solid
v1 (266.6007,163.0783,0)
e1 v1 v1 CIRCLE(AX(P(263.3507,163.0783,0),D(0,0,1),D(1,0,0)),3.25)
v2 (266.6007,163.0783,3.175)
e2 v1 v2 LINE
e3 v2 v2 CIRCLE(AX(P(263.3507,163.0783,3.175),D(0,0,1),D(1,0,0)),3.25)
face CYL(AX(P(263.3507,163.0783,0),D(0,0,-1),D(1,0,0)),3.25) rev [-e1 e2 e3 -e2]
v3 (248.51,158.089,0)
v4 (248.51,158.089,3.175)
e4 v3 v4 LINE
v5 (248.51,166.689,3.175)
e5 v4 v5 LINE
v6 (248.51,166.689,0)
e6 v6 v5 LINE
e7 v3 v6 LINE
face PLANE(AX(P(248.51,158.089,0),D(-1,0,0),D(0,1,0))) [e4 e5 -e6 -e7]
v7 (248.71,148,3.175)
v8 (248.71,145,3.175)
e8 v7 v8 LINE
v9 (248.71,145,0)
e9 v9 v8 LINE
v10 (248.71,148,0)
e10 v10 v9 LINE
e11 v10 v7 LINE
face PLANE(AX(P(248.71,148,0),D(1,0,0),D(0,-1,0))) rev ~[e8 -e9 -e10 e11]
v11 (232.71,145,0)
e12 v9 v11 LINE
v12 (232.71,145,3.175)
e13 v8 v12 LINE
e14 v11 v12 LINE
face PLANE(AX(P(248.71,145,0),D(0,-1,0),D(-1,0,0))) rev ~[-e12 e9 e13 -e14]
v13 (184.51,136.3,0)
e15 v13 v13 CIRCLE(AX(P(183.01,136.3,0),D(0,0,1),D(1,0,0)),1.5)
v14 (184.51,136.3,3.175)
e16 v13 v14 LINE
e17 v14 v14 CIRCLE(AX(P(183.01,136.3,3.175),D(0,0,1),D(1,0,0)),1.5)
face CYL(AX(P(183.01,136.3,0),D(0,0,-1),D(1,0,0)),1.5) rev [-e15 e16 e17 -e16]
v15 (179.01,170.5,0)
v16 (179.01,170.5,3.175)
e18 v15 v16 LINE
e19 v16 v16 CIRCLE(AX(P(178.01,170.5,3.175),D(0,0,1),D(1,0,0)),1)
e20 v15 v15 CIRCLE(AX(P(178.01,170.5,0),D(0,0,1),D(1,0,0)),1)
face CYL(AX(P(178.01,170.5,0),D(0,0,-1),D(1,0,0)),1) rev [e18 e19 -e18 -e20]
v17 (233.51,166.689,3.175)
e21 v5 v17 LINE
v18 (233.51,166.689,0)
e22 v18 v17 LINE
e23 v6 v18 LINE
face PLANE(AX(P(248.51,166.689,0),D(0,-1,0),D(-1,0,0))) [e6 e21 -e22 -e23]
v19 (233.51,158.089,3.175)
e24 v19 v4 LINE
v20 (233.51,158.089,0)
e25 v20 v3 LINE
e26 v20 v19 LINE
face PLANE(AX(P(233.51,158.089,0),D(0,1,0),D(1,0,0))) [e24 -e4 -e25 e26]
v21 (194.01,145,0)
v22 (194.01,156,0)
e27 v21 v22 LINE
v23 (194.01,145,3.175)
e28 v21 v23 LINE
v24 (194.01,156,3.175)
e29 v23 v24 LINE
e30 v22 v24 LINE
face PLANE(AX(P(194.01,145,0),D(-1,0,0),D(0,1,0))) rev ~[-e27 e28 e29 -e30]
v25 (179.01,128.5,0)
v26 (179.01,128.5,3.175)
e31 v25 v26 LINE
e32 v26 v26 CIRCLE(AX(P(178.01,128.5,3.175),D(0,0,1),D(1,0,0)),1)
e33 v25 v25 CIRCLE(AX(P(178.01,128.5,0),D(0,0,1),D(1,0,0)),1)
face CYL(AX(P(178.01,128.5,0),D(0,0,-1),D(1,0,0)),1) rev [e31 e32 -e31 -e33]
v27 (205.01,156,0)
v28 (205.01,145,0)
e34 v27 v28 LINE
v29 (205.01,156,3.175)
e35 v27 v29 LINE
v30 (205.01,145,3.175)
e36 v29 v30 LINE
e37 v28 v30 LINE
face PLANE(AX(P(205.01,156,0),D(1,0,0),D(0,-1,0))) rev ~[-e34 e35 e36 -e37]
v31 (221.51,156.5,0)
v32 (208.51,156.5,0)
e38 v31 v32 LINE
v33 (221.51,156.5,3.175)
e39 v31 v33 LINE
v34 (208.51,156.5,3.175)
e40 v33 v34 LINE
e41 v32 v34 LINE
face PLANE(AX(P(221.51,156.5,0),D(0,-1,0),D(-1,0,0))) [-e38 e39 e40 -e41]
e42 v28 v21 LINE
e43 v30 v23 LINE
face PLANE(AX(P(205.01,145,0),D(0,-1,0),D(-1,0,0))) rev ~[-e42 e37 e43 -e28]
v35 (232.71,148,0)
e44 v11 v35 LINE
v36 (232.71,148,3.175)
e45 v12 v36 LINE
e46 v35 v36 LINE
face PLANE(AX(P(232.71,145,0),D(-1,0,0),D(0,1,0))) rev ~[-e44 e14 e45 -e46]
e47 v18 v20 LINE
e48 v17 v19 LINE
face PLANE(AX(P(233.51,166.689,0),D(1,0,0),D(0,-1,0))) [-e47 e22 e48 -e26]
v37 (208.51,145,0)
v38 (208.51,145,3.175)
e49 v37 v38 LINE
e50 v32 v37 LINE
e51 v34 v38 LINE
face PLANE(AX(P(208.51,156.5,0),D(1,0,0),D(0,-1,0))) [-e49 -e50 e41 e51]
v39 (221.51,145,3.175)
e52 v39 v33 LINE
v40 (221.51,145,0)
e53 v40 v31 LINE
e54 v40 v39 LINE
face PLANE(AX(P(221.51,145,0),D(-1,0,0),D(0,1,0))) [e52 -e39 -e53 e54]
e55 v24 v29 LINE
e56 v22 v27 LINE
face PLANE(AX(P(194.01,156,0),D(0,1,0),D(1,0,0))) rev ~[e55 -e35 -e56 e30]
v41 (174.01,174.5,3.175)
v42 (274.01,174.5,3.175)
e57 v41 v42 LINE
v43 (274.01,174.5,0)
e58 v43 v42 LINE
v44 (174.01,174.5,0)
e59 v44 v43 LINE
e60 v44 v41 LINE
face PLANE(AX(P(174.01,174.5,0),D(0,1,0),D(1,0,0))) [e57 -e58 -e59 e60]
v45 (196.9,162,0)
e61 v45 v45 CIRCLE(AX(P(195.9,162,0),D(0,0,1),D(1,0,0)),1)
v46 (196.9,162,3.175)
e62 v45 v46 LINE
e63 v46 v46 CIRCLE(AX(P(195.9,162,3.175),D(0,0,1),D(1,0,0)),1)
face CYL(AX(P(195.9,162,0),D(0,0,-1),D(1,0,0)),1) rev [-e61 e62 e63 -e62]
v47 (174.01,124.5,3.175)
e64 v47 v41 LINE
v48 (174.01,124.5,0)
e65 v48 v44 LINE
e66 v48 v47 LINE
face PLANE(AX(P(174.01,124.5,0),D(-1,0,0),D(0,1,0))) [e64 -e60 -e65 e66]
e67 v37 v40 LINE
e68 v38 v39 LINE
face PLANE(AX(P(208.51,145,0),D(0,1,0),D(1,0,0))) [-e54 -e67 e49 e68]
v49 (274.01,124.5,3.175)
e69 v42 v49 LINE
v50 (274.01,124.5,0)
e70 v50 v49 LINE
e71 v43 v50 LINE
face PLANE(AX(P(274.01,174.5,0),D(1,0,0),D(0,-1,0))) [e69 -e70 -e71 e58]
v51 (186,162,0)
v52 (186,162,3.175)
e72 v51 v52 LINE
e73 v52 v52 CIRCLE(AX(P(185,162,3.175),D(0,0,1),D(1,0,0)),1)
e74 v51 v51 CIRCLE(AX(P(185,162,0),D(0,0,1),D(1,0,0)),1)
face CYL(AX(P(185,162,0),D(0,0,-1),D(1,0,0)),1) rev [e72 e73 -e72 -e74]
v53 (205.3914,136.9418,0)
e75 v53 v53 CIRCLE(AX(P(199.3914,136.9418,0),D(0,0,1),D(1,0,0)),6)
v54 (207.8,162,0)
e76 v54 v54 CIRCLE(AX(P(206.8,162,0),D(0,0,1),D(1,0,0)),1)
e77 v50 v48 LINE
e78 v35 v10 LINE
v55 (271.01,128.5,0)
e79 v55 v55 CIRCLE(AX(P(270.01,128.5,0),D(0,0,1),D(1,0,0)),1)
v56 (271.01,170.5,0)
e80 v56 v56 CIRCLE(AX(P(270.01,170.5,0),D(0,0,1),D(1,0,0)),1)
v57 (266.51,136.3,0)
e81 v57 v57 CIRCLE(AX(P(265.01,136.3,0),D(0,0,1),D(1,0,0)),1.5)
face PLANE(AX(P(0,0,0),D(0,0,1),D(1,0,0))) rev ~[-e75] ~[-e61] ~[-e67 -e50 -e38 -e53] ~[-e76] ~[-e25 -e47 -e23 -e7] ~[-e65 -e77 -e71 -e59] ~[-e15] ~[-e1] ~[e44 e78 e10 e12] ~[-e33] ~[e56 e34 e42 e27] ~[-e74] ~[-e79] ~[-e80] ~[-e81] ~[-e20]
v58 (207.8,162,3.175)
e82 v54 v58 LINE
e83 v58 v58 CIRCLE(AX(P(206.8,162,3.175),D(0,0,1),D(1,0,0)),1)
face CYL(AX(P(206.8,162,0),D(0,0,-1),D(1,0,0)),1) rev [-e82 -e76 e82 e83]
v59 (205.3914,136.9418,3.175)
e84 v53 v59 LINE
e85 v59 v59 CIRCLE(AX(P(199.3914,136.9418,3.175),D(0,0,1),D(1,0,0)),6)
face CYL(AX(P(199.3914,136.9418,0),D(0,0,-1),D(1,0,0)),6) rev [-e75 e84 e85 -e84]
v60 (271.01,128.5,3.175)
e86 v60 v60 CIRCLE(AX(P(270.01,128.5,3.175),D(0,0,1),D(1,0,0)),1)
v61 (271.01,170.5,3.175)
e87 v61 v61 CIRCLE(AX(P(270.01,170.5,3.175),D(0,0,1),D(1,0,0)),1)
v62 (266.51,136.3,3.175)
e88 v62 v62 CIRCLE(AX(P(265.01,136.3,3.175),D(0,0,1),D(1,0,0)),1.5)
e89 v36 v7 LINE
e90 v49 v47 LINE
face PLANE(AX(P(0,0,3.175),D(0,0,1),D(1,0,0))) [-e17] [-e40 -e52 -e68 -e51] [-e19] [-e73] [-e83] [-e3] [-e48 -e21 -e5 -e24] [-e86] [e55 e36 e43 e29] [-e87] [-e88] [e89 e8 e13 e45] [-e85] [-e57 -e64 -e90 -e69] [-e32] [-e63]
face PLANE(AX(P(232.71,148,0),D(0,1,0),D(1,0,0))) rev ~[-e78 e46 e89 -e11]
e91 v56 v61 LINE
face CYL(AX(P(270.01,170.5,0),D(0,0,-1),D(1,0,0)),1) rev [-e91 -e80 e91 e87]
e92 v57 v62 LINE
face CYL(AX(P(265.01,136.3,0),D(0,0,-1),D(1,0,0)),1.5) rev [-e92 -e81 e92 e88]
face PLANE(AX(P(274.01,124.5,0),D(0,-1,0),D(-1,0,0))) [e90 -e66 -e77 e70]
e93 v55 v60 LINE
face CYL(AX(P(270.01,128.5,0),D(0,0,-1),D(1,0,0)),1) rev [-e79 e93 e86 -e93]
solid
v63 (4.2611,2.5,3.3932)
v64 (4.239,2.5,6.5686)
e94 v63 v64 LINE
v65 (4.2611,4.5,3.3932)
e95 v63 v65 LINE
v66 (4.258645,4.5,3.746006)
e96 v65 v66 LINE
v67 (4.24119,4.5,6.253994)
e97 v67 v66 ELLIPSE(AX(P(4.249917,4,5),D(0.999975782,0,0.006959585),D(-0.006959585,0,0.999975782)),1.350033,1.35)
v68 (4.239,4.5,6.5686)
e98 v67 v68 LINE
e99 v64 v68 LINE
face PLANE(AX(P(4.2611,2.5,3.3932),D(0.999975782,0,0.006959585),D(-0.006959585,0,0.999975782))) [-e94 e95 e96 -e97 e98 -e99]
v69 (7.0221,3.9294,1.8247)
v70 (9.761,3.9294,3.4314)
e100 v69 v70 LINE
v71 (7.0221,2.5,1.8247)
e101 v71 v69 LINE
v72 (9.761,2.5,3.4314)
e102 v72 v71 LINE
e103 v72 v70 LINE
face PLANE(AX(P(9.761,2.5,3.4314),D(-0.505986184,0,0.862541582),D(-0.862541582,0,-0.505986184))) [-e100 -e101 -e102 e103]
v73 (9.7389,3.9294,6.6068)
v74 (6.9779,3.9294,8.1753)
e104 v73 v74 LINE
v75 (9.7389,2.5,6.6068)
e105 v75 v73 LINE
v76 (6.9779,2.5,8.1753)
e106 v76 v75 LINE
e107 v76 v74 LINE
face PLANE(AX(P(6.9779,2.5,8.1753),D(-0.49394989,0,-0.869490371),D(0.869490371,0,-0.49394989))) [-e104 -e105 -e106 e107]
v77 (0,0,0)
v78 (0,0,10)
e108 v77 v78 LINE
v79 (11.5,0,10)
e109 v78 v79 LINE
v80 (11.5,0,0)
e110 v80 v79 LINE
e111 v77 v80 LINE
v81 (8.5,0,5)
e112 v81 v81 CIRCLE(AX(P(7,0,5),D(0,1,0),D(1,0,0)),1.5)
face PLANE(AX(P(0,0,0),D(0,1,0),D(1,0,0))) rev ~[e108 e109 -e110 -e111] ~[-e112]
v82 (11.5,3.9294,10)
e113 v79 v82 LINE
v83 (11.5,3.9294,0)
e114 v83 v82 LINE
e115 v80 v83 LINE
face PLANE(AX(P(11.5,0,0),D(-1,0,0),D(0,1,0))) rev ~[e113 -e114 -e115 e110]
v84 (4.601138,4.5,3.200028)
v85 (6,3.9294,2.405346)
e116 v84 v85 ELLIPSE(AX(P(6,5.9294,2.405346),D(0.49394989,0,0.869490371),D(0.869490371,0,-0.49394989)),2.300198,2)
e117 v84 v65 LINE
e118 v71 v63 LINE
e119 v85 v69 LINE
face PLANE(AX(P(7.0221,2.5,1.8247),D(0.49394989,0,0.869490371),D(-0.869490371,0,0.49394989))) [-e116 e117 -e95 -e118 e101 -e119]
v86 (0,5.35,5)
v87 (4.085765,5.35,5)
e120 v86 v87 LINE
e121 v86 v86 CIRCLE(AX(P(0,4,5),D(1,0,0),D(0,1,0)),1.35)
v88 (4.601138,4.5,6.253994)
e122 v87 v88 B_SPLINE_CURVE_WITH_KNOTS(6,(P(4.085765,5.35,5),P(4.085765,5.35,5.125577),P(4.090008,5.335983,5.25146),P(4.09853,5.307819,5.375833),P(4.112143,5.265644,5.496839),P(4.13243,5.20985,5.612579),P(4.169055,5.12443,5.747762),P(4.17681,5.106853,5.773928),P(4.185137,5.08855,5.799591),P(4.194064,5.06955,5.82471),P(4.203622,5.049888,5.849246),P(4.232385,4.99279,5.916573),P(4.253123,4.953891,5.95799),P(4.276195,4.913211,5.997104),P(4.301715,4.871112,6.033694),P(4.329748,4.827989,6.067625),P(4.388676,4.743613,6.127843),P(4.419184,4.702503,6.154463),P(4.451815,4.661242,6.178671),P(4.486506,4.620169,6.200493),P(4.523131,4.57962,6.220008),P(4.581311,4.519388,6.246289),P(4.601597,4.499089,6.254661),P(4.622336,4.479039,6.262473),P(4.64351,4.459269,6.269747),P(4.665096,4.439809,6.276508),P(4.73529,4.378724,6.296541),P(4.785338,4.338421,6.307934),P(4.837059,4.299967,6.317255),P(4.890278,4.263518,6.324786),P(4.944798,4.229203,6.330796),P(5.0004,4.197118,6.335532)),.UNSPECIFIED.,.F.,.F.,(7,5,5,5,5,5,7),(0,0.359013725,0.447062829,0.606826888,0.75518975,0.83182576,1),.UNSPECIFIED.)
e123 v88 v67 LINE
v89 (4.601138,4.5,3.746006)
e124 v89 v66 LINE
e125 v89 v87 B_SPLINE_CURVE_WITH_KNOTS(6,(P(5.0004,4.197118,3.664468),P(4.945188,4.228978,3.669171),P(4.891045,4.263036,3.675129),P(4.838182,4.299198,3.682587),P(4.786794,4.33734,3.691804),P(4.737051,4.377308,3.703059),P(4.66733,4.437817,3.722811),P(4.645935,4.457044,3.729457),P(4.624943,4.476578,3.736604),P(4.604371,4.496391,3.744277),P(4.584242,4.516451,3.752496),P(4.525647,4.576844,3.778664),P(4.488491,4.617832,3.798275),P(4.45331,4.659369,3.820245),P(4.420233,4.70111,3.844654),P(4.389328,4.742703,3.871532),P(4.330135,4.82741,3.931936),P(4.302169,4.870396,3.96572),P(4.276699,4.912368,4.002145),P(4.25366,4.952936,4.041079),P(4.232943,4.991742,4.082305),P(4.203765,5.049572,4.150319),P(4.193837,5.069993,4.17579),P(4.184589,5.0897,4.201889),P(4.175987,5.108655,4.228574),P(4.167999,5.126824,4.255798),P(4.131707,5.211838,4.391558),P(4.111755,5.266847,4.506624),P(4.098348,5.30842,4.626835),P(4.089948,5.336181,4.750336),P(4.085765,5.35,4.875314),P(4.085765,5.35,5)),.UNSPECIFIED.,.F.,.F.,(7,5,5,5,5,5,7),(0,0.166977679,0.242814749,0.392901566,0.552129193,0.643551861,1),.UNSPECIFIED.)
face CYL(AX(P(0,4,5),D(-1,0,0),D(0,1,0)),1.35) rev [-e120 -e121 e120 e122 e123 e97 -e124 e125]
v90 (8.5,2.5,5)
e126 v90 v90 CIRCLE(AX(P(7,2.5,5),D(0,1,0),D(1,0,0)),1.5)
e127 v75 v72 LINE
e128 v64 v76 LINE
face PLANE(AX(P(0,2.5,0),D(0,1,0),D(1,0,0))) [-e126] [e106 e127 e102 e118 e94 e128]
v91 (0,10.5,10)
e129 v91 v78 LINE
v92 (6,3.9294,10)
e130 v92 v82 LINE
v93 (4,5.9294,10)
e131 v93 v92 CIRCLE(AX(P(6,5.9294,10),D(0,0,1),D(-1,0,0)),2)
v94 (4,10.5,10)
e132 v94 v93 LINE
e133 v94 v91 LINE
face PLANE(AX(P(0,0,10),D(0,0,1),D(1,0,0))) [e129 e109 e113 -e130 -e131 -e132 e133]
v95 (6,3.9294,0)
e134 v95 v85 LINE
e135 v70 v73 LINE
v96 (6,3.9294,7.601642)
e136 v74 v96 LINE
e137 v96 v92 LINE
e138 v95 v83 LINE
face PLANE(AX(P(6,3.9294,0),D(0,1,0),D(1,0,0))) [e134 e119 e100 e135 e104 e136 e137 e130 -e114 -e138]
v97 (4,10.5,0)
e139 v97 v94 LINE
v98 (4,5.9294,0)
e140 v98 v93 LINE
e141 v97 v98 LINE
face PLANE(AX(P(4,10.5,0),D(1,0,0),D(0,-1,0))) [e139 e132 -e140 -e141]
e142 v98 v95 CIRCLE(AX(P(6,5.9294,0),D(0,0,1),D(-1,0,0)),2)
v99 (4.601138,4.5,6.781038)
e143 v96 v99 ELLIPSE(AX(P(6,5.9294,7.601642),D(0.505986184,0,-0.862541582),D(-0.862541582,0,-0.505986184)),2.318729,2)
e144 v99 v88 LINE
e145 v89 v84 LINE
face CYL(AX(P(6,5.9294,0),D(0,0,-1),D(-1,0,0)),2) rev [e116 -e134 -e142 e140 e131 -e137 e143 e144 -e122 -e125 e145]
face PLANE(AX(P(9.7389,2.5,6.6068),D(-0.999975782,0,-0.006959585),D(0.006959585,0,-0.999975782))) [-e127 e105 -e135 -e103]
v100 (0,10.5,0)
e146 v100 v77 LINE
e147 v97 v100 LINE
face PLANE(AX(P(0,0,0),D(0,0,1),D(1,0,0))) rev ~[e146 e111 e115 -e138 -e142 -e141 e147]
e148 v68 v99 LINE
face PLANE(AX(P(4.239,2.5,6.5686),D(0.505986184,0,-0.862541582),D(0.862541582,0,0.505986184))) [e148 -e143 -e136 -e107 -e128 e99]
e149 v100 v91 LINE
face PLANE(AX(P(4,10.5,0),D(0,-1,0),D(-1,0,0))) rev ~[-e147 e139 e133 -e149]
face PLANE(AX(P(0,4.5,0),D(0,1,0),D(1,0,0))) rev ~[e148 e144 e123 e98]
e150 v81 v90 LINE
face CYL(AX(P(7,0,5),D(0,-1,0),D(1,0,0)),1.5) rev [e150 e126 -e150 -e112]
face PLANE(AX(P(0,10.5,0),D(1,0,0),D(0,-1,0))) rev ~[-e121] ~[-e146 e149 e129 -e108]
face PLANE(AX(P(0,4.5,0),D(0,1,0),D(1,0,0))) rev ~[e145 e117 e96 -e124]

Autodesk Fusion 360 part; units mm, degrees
sketch "back content" plane through (0, 0, 0) normal (0, 0, 1) x (1, 0, 0)
  line L0 (174.01, 174.5) -> (274.01, 174.5)
  line L1 (274.01, 174.5) -> (274.01, 124.5)
  line L2 (274.01, 124.5) -> (174.01, 124.5)
  line L3 (174.01, 124.5) -> (174.01, 174.5)
  line L4 (205.01, 145) -> (194.01, 145)
  line L5 (194.01, 145) -> (194.01, 156)
  line L6 (194.01, 156) -> (205.01, 156)
  line L7 (205.01, 156) -> (205.01, 145)
  line L8 (205.01, 145) -> (194.01, 156) construction
  line L9 (194.01, 145) -> (205.01, 156) construction
  line L10 (182.01, 145) -> (246, 145) construction
  line L11 (221.51, 156.5) -> (208.51, 156.5)
  line L12 (208.51, 156.5) -> (208.51, 145)
  line L13 (208.51, 145) -> (221.51, 145)
  line L14 (221.51, 145) -> (221.51, 156.5)
  line L15 (221.51, 156.5) -> (208.51, 145) construction
  line L16 (208.51, 156.5) -> (221.51, 145) construction
  line L17 (248.71, 145) -> (232.71, 145)
  line L18 (232.71, 145) -> (232.71, 148)
  line L19 (232.71, 148) -> (248.71, 148)
  line L20 (248.71, 148) -> (248.71, 145)
  line L21 (248.71, 145) -> (232.71, 148) construction
  line L22 (232.71, 145) -> (248.71, 148) construction
  line L23 (233.51, 158.089) -> (248.51, 158.089)
  line L24 (248.51, 158.089) -> (248.51, 166.689)
  line L25 (248.51, 166.689) -> (233.51, 166.689)
  line L26 (233.51, 166.689) -> (233.51, 158.089)
  circle A0 centre (178.01, 128.5) radius 1
  line L27 (224.01, 174.5) -> (224.01, 124) construction
  line L28 (174.01, 149.5) -> (274.01, 149.5) construction
  circle A1 centre (270.01, 128.5) radius 1
  circle A2 centre (270.01, 170.5) radius 1
  circle A3 centre (178.01, 170.5) radius 1
  circle A4 centre (265.01, 136.3) radius 1.5
  circle A5 centre (183.01, 136.3) radius 1.5
  circle A6 centre (263.3507, 163.0783) radius 3.25
  circle A7 centre (185, 162) radius 1
  circle A8 centre (195.9, 162) radius 1
  circle A9 centre (206.8, 162) radius 1
  circle A10 centre (199.3914, 136.9418) radius 6
  point P0 (199.51, 150.5)
  point P1 (215.01, 150.75)
  point P2 (240.71, 146.5)
  point P3 (195.6, 162)
  point P4 (206.2, 162)
  point P5 (216.8, 162)
  dimension "d381" = 100
  dimension "d382" = 50
  dimension "d5984" = 20.5
  dimension "d5985" = 11
  dimension "d5986" = 11
  dimension "d5988" = 13
  dimension "d5990" = 11.5
  dimension "d5991" = 16
  dimension "d5992" = 3
  dimension "d5998" = 15
  dimension "d5999" = 8.6
  dimension "d6001" = 2
  dimension "d6012" = 46
  dimension "d6013" = 21
  dimension "d6014" = 41
  dimension "d6015" = 3
  dimension "d6040" = 6.5
  dimension "d6041" = 24.5
  dimension "d6043" = 224.01
  dimension "d6044" = 16.7
  dimension "d6045" = 9
  dimension "d6046" = 9.5
  dimension "d6047" = 174.5
  dimension "d6048" = 8.7
  dimension "d6050" = 2
  dimension "d6053" = 10.6
  dimension "d6054" = 0
  dimension "d6057" = 21.8
  dimension "d6058" = 0
  dimension "d6067" = 12
sketch "bracket" plane through (0, 0, 0) normal (0, 0, 1) x (1, 0, 0) in component "brackets"
  line L0 (0, 0) -> (11.5, 0)
  line L1 (11.5, 0) -> (11.5, 3.9294)
  line L2 (4, 10.5) -> (0, 10.5)
  line L3 (0, 10.5) -> (0, 0)
  line L4 (6, 3.9294) -> (11.5, 3.9294)
  line L5 (4, 10.5) -> (4, 5.9294)
  arc A0 (4, 5.9294) -> (6, 3.9294) centre (6, 5.9294) ccw
  point P0 (4, 3.9294)
  dimension "d6022" = 11.5
  dimension "d6023" = 10.5
  dimension "d6025" = 2
  dimension "d6049" = 4
extrude "Extrude2" add sketch "bracket" along normal blind 10 makes body 1 in component "brackets"
sketch "BackingToBracketHole" plane through (0, 0, 0) normal (0, 1, 0) x (1, 0, 0) in component "brackets"
  circle A0 centre (7, -5) radius 1.5
  line L0 (0, 0) -> (0, -10)
  circle A1 centre (7, -5) radius 2.9 construction
  line L1 (6.9779, -8.1753) -> (9.7389, -6.6068)
  line L2 (9.7389, -6.6068) -> (9.761, -3.4314)
  line L3 (9.761, -3.4314) -> (7.0221, -1.8247)
  line L4 (7.0221, -1.8247) -> (4.2611, -3.3932)
  line L5 (4.2611, -3.3932) -> (4.239, -6.5686)
  line L6 (4.239, -6.5686) -> (6.9779, -8.1753)
  point P0 (4, 0)
  point P1 (7, -5)
  dimension "d6028" = 3
  dimension "d6029" = 5
  dimension "d6030" = 7
  dimension "d6061" = 5.8
extrude "Extrude5" cut sketch "BackingToBracketHole" along normal blind 2 from surface at 2.5 bodies 1 in component "brackets"
extrude "Extrude3" cut sketch "BackingToBracketHole" along normal blind 4 contours A0 bodies 1 in component "brackets"
sketch "BracketToPCB" plane through (0, 0, 0) normal (1, 0, 0) x (0, 1, 0) in component "brackets"
  circle A0 centre (4, 5) radius 1.35
  line L0 (10.5, 0) -> (0, 0)
  dimension "d6034" = 2.7
  dimension "d6035" = 5
  dimension "d6036" = 4
extrude "Extrude6" cut sketch "BracketToPCB" along normal blind 5 bodies 1 in component "brackets"
extrude "Extrude49" add sketch "back content" along normal blind 3.175 separate body makes body 2
component "brackets" placed x (1, 0, 0) y (0, 1, 0) z (0, 0, 1) at (0, 0, 0)
equation "platformMountHoles = 3 mm"
equation "pcbMountHoles = 2 mm"
equation "b_Length = 150.00 mm" comment "Length (mm)"
equation "b_Depth = 120.00 mm" comment "Depth (mm)"
equation "b_Height = 65.00 mm" comment "Height (mm)"
equation "b_Thickness = 3.175 mm" comment "Thickness (mm)"
equation "b_Tool_diameter = 2.01 mm" comment "Tool Diameter (mm)"
equation "b_Tooth_width = 10.00 mm" comment "Target Tooth Width (mm)"
equation "b_Kerf = -0.16 mm" comment "Kerf (mm)- can be negative"
equation "b_Delta_from_bottom = -0.10 mm" comment "Additional fine adjustment of bone centers from bottom of holes(mm)- positive makes smaller bottom indents"
equation "b_Stock_x_dimension = 304.80 mm" comment "Stock X Dimension *"
equation "b_Stock_y_dimension = 609.60 mm" comment "Stock Y Dimension"
equation "b_Repeats_l_tmp = -1.00 mm" comment "temp hidden"
equation "Version_info = 0 mm" comment "1.2.0 LENGTH 150.0 DEPTH 120.0 HEIGHT 65.0 THICKNESS 3.175 TOOL_DIAMETER 2.01 TOOTH_WIDTH 10.0 KERF -0.16 DELTA_FROM_BOTTOM -0.1 STOCK_X_DIMENSION 304.8 STOCK_Y_DIMENSION 609.6 COMPONENT  REPEATS_L_TMP -1 CREATE_COMPONENTS False CREATE_BODIES 1 CREATE_EMPTY_CONTENTS False CREATE_CONSTRAINTS True CLEAR_PREVIOUSLY_GENERATED_ITEMS True JUST_CLEAR_PREVIOUSLY_GENERATED_ITEMS False CREATE_MANUFACTURING False JUST_CREATE_MANUFACTURING False DEBUG_JUST_ONE_PART False MANUAL_LAYOUT  LASER False JUST_BUILD_TEST False DEBUG True"
equation "shaftCenterToCenter = 34 mm"
equation "shaftCenterToMountingHoles = 15.5 mm"
equation "ballBearingHoleDiam = 12.8 mm"
equation "ballBearingCenterToCenterHoriz = 55 mm"
equation "ballBearingCenterToCenterVert = 40 mm"
equation "Dlc32Length = 82 mm"
equation "d6001 = pcbMountHoles"
equation "d6050 = pcbMountHoles"
equation "d6059 = b_Thickness"
